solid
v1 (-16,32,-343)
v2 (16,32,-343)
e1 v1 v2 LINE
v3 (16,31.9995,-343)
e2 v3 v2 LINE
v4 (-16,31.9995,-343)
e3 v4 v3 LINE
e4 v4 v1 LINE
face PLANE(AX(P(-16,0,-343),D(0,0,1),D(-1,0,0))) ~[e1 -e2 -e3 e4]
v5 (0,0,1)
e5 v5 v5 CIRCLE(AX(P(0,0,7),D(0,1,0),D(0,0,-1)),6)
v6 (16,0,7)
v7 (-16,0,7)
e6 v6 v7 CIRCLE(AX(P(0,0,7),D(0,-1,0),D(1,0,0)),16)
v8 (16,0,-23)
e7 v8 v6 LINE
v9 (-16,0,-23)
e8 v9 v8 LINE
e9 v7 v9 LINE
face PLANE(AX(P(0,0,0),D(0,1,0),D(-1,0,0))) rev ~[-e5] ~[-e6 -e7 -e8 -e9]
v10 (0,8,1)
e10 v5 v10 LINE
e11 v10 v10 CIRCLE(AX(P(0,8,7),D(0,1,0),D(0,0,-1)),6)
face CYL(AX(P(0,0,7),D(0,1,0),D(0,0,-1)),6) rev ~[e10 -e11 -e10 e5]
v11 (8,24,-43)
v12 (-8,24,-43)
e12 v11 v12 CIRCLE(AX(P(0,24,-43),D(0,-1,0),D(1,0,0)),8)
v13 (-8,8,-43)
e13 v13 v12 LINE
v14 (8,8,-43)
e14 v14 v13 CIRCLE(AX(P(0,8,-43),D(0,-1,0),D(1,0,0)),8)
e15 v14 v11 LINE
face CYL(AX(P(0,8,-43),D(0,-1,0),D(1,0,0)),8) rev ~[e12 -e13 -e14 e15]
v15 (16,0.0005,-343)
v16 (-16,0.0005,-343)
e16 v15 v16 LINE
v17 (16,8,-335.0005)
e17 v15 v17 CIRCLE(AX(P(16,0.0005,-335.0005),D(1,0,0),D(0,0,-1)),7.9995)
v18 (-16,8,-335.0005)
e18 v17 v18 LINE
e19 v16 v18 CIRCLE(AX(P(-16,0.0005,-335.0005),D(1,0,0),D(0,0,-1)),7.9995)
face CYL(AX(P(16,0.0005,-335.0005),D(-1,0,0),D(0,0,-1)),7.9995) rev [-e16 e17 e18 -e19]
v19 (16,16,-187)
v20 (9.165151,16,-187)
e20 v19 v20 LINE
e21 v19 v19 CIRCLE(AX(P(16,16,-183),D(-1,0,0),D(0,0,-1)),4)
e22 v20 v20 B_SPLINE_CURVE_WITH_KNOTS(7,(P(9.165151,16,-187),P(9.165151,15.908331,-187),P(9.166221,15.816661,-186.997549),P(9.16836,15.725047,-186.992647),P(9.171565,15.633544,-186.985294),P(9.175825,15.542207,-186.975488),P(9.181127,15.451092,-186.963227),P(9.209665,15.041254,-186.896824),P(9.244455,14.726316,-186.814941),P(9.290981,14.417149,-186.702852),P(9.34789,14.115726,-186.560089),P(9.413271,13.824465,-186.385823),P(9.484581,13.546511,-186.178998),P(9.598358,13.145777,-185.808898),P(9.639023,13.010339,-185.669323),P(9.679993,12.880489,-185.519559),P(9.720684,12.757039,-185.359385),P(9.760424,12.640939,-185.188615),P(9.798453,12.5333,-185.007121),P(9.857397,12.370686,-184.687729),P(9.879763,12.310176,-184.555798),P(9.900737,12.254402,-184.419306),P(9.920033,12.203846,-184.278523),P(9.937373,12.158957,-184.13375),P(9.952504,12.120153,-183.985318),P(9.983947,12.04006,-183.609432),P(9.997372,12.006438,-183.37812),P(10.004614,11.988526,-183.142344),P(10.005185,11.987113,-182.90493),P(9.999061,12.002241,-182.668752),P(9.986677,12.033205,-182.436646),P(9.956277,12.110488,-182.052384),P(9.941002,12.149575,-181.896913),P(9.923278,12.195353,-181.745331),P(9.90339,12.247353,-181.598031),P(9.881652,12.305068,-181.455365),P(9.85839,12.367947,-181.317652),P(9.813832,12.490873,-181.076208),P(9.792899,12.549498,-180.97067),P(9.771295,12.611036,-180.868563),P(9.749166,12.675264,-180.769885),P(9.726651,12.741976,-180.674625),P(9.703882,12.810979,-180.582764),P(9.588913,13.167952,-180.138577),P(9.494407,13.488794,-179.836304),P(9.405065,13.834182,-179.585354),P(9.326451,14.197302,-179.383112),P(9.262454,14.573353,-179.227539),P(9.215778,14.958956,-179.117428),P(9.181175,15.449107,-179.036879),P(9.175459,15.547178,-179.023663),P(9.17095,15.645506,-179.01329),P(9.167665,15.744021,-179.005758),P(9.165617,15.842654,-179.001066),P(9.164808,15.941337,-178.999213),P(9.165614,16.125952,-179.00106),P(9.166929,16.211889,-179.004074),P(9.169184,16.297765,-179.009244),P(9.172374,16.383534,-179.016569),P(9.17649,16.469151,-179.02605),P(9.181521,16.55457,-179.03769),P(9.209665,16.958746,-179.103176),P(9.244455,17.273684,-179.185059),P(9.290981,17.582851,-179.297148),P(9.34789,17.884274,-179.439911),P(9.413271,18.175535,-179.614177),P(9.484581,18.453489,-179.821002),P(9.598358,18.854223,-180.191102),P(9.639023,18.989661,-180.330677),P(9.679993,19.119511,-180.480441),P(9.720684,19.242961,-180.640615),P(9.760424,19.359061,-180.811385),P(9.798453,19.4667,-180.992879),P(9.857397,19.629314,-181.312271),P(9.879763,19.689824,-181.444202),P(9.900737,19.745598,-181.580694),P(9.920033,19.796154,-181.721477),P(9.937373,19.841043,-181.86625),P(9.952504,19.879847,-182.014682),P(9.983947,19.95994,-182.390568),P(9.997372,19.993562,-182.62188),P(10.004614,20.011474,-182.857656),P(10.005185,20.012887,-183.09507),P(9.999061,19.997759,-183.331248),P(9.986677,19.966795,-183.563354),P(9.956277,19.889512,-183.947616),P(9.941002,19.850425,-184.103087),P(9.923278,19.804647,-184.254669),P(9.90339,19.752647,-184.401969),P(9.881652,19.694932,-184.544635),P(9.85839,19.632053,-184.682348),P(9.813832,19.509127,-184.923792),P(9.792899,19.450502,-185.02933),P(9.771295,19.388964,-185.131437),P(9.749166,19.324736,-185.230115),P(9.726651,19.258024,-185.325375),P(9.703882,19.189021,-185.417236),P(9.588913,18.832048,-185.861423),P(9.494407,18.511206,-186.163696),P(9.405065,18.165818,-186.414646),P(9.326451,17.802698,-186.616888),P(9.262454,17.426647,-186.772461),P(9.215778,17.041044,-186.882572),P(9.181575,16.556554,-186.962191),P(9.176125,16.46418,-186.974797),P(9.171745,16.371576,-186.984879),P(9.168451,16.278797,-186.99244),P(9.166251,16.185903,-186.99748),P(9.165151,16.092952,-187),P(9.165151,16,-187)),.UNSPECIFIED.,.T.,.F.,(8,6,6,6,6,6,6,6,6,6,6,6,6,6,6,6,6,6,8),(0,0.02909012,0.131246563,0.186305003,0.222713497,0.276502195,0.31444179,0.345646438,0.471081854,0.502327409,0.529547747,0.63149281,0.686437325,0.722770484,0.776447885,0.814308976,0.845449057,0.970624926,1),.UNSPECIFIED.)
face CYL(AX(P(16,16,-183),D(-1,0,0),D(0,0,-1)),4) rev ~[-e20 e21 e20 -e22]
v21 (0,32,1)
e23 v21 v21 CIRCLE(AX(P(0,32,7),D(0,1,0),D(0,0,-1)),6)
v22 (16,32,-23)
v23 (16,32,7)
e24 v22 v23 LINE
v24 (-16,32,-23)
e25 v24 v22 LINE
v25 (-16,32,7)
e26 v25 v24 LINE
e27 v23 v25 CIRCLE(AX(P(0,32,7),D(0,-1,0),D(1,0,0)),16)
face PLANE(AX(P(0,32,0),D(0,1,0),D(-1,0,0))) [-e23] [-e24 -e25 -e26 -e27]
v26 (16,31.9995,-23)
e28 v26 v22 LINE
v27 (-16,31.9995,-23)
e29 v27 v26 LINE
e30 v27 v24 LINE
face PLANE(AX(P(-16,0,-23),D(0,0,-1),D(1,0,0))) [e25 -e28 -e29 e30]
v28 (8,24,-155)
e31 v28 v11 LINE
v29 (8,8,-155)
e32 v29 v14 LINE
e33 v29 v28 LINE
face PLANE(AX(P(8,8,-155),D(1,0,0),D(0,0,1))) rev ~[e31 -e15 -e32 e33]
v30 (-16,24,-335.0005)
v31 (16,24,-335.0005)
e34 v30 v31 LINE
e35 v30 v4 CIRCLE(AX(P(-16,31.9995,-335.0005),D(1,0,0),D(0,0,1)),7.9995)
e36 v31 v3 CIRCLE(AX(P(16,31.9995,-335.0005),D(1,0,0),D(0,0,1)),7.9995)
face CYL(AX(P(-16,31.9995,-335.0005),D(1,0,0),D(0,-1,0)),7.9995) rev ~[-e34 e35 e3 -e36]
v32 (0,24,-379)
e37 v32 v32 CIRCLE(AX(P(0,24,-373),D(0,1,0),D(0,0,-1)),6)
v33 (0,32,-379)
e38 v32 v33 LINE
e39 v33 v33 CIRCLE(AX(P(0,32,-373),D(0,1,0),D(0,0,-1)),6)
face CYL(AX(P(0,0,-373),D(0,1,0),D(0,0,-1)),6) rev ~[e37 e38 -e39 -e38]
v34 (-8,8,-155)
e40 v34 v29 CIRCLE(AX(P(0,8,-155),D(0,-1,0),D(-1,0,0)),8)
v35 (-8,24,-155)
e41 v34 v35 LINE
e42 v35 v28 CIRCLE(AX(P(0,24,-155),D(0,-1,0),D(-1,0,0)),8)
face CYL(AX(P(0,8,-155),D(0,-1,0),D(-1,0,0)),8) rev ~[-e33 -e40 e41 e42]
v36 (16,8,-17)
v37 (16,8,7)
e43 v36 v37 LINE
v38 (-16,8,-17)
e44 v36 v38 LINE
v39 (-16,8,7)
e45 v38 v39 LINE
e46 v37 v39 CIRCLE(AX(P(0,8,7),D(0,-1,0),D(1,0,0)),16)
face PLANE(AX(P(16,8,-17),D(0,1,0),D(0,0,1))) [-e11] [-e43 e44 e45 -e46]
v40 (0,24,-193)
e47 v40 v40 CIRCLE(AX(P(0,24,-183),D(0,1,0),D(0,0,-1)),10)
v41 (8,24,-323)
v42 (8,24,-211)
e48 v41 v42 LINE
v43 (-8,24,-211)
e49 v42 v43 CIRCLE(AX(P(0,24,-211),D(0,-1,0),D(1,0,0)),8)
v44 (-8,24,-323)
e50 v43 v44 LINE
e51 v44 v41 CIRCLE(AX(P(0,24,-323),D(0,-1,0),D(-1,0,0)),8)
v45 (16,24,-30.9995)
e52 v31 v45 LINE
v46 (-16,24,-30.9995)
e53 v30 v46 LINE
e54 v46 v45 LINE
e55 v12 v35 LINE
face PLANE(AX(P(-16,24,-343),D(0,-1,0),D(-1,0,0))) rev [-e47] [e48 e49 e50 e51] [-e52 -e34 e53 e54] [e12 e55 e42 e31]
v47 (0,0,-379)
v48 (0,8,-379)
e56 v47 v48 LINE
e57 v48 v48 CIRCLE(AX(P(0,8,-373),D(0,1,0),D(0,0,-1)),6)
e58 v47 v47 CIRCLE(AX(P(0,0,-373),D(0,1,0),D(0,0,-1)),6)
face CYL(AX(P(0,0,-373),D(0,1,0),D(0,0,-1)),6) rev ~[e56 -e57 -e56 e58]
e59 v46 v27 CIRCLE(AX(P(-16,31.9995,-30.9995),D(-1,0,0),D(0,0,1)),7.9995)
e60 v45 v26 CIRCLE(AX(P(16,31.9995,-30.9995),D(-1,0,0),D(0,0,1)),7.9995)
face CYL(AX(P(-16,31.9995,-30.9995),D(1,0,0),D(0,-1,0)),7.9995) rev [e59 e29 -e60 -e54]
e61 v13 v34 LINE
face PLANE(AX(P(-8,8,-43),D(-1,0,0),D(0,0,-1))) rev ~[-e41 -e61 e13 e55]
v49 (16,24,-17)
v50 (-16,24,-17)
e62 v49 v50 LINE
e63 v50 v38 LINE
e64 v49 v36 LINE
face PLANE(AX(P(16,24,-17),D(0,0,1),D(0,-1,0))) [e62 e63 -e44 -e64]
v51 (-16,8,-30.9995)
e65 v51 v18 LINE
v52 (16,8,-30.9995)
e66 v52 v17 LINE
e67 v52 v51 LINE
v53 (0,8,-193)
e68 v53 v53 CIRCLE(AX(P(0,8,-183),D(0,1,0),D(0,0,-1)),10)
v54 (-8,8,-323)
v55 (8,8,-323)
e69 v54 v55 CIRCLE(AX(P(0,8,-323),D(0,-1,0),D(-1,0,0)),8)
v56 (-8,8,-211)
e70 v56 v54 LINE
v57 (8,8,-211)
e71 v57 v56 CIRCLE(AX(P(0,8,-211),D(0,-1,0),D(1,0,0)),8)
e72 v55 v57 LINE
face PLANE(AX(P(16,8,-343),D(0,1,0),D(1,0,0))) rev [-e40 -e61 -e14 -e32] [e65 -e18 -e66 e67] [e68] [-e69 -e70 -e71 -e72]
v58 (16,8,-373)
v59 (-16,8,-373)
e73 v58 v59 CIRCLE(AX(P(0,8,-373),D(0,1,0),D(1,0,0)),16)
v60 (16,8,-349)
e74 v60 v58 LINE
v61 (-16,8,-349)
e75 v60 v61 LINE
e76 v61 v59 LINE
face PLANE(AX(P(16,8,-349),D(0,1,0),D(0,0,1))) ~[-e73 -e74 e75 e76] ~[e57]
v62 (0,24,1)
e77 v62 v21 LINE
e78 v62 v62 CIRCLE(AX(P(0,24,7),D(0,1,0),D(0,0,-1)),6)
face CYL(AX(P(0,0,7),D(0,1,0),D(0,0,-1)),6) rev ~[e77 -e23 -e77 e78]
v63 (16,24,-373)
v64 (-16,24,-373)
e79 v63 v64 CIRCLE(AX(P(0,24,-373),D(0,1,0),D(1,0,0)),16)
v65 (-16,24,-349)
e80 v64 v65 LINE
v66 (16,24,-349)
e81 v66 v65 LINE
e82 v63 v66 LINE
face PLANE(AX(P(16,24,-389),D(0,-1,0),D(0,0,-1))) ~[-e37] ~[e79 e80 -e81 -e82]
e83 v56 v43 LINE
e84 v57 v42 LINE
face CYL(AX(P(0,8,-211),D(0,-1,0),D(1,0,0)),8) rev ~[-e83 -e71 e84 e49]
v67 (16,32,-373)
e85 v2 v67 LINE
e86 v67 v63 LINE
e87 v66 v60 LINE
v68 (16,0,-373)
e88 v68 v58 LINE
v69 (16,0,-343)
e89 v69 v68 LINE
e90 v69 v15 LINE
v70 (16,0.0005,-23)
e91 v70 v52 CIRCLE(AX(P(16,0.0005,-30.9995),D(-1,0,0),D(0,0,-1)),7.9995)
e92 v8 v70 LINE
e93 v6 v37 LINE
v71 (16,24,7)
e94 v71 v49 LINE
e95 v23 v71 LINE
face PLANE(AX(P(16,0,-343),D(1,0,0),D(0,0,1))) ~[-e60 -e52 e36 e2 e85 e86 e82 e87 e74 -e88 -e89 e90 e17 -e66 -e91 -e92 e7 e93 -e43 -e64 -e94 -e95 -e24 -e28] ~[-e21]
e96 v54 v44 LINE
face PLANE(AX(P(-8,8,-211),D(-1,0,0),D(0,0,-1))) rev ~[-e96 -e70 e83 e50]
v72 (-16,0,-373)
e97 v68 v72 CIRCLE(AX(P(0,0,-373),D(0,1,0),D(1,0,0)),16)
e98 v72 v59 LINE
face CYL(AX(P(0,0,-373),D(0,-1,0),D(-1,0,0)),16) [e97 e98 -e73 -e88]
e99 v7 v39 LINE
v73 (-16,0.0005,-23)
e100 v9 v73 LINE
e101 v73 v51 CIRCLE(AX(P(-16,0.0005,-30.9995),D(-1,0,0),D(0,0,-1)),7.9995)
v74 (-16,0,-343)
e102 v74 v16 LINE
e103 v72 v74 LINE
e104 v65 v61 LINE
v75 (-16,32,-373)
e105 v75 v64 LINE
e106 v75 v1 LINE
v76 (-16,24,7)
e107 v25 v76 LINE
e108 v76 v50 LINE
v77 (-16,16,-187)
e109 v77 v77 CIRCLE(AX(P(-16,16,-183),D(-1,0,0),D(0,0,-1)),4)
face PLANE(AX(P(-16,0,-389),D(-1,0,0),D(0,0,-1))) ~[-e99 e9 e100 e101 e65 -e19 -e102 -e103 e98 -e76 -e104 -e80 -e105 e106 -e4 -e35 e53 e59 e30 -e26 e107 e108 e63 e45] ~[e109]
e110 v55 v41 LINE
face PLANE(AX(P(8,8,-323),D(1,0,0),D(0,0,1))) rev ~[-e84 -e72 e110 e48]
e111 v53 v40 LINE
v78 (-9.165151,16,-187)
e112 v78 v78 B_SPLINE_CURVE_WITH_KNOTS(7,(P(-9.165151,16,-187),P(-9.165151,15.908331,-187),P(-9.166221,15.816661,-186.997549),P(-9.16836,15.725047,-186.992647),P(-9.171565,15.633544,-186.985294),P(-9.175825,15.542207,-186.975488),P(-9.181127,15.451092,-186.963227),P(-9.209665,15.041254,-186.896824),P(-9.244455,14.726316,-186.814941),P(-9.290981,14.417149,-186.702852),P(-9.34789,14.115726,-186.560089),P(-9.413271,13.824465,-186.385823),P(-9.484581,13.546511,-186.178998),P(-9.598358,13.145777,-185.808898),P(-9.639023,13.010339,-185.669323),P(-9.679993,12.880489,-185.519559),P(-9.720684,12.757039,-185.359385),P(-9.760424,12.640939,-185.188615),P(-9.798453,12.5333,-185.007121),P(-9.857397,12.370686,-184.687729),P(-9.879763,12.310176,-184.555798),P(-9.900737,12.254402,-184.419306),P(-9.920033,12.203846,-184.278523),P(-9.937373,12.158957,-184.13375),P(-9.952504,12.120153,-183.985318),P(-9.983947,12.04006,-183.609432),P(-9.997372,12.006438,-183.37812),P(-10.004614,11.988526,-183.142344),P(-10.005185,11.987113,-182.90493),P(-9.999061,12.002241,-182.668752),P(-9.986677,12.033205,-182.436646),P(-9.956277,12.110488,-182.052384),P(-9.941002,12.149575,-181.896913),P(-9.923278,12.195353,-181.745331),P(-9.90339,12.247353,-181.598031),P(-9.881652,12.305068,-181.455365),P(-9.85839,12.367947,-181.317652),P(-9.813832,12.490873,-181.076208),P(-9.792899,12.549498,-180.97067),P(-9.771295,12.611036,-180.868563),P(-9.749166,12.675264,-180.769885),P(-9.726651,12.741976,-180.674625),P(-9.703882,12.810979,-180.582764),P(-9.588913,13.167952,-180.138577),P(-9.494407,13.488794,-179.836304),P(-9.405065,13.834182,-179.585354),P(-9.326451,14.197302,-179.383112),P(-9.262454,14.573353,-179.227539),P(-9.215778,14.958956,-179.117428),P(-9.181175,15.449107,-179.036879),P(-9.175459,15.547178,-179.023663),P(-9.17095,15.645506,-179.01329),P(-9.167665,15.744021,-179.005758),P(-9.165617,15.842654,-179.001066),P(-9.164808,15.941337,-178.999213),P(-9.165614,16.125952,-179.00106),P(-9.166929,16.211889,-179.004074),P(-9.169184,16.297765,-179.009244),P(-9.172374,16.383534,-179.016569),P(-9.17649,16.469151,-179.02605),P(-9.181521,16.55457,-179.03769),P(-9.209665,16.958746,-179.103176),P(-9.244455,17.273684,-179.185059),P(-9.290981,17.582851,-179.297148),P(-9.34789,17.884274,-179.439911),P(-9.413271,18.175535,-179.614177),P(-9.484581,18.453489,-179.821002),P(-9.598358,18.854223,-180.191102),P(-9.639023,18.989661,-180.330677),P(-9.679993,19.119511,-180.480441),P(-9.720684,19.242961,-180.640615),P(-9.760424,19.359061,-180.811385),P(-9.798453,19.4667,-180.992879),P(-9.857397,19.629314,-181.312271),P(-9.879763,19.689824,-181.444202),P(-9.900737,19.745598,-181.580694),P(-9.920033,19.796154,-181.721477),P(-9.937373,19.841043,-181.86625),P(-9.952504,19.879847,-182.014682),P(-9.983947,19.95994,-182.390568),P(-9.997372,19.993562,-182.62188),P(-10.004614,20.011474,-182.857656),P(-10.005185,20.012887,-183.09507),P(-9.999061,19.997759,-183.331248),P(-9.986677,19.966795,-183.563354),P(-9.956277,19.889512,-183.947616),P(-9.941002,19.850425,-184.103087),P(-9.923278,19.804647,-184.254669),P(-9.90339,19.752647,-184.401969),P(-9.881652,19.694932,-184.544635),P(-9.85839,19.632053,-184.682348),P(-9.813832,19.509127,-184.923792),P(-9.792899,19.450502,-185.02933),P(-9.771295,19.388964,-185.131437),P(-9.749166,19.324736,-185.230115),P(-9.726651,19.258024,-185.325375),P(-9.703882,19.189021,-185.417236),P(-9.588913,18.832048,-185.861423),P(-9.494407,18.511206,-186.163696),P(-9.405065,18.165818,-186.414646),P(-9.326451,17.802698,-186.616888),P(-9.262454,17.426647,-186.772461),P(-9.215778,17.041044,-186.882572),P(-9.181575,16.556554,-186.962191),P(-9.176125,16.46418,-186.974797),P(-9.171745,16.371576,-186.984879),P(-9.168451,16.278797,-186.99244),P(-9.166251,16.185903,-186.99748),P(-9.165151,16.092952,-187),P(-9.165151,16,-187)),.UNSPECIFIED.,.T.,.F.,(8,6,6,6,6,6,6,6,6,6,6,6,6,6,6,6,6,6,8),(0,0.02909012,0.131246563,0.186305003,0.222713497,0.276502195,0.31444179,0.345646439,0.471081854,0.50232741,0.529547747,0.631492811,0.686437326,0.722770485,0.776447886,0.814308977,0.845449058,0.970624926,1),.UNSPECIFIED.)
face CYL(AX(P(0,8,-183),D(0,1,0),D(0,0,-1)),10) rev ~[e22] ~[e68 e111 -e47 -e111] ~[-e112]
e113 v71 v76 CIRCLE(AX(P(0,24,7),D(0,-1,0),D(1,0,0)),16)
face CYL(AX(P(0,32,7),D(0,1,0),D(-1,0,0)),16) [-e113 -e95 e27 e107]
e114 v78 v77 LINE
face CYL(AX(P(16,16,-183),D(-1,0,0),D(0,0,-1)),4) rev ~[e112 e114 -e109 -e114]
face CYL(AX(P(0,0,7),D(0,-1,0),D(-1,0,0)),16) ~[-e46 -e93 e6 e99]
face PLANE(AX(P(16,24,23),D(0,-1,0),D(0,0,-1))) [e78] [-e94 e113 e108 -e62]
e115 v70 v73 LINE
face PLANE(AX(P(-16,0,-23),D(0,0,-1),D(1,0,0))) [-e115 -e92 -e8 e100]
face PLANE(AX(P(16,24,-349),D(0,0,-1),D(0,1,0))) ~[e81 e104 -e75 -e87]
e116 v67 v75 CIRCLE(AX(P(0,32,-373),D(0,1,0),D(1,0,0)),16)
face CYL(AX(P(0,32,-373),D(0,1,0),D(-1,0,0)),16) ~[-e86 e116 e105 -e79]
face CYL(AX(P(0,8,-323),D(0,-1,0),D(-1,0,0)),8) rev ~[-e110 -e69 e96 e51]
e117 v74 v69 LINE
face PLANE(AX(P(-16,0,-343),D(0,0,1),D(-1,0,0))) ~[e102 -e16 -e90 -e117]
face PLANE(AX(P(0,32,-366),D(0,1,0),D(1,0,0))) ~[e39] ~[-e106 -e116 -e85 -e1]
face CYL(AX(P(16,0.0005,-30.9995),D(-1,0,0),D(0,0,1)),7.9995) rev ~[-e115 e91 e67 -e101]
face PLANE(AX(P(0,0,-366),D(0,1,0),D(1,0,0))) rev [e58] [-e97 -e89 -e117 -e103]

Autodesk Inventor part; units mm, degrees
ref_plane "YZ Plane" through (0, 0, 0) normal (1, 0, 0) x (0, 1, 0)
sketch "Skizze1" plane through (0, 0, 0) normal (0, 1, 0) x (-1, 0, 0)
  line L0 (-16, 23) -> (16, 23)
  line L1 (16, 23) -> (16, -23)
  line L2 (16, -23) -> (-16, -23)
  line L3 (-16, -23) -> (-16, 23)
  line L4 (-16, 23) -> (16, -23) construction
  line L5 (16, 23) -> (-16, -23) construction
  point P0 (0, 0)
  dimension "d0" = 46
  dimension "d1" = 32
extrude "Extrusion1" add sketch "Skizze1" along normal blind 32
sketch "Skizze2" plane through (16, 0, -23) normal (0, 0, -1) x (-1, 0, 0)
  line L0 (0, 0) -> (0, 32) projected
  line L1 (0, 0) -> (32, 0) projected
  line L2 (32, 24) -> (0, 24)
  line L3 (0, 24) -> (0, 8)
  line L4 (0, 8) -> (32, 8)
  line L5 (32, 8) -> (32, 24)
  point P0 (16, 0)
  point P1 (0, 16)
  point P2 (16, 0)
  point P3 (16, 0)
  point P4 (0, 16)
  point P5 (16, 8)
  point P6 (16, 0)
  point P7 (0, 16)
  point P8 (0, 24)
  point P9 (0, 8)
  dimension "d51" = 16
extrude "Extrusion2" add sketch "Skizze2" along normal blind 160
sketch "Skizze4" plane through (16, 0, 23) normal (1, 0, 0) x (0, 0, -1)
  line L0 (0, 24) -> (40, 24)
  line L1 (40, 24) -> (40, 8)
  line L2 (40, 8) -> (0, 8)
  line L3 (0, 8) -> (0, 24)
  line L4 (0, 0) -> (0, 32) projected
  point P0 (23, 0)
  point P1 (0, 16)
  dimension "d14" = 16
  dimension "d15" = 40
extrude "Extrusion4" cut sketch "Skizze4" against normal up to surface (32 mm away)
fillet "Rundung2" radius 8 2 edges at (0, 24, -23) (0, 8, -23)
ref_plane "Arbeitsebene1" through (16, 0, -183) normal (0, 0, -1) x (-1, 0, 0)
mirror "Spiegeln1" about plane through (16, 0, -183) normal (0, 0, -1) of "Extrusion2", "Extrusion1", "Extrusion4"
fillet "Rundung4" radius 8 2 edges at (0, 24, -343) (0, 8, -343)
sketch "Skizze7" plane through (16, 32, 0) normal (1, 0, 0) x (0, -1, 0)
  line L0 (24, 17) -> (24, 17) projected
  line L1 (8, 17) -> (24, 17) projected
  line L2 (8, 31) -> (8, 335) projected
  point P0 (16, 183)
  point P1 (-9.4065, 183)
  point P2 (16, 17)
  point P3 (8, 183)
hole "Bohrung3" at (16, 16, -183) direction (-1, 0, 0) diameter 8 end through all
sketch "Skizze8" plane through (8, 8, -31) normal (0, -1, 0) x (0, 0, -1)
  line L0 (12, -8) -> (124, -8) construction
  line L1 (12, -16) -> (124, -16)
  line L2 (124, 0) -> (12, 0)
  arc A0 (12, 0) -> (12, -16) centre (12, -8) ccw
  arc A1 (124, -16) -> (124, 0) centre (124, -8) ccw
  line L3 (180, -8) -> (292, -8) construction
  line L4 (180, -16) -> (292, -16)
  line L5 (292, 0) -> (180, 0)
  arc A2 (180, 0) -> (180, -16) centre (180, -8) ccw
  arc A3 (292, -16) -> (292, 0) centre (292, -8) ccw
  line L6 (0, -24) -> (0, 8) projected
  line L7 (304, 8) -> (304, -24) projected
  line L8 (0, 8) -> (304, 8) projected
  point P0 (-31, 0)
  point P1 (68, -8)
  point P2 (236, -8)
  point P3 (0, -8)
  point P4 (304, -8)
  point P5 (152, -8)
  point P6 (152, 8)
  point P7 (0, -8)
  dimension "d43" = 112
  dimension "d46" = 112
  dimension "d47" = 16
  dimension "d48" = 16
  dimension "d55" = 28
  dimension "d56" = 28
extrude "Extrusion5" cut sketch "Skizze8" against normal up to surface (16 mm away)
sketch "Skizze9" plane through (0, 0, 0) normal (0, -1, 0) x (1, 0, 0)
  line L0 (-16, 23) -> (16, 23) projected
  arc A0 (8, -43) -> (-8, -43) centre (0, -43) ccw projected
  arc A1 (-8, -323) -> (8, -323) centre (0, -323) ccw projected
  point P0 (0, 0)
  point P1 (0, 7)
  point P2 (0, -373)
  point P3 (0, 23)
  dimension "d64" = 50
  dimension "d65" = 50
hole "Bohrung4" at (0, 0, 7) at (0, 0, -373) direction (0, 1, 0) diameter 12 depth 32
sketch "Skizze10" plane through (-16, 8, -31) normal (0, -1, 0) x (1, 0, 0)
  line L0 (32, 8) -> (0, 8) projected
  line L1 (32, 0) -> (32, -304) projected
  point P0 (16, 31)
  point P1 (16, -152)
  point P2 (16, 8)
  point P3 (32, -152)
hole "Bohrung5" at (0, 8, -183) direction (0, 1, 0) diameter 20 depth 16
sketch "Skizze11" plane through (-16, 0, -389) normal (0, -1, 0) x (1, 0, 0)
  circle A0 centre (16, 16) radius 6 projected
  line L0 (0, 46) -> (0, 0) projected
  line L1 (32, 0) -> (32, 46) projected
  arc A1 (0, 16) -> (32, 16) centre (16, 16) ccw
  line L2 (32, 16) -> (0, 16)
  line L3 (0, 0) -> (32, 0) projected
  arc A2 (8, 66) -> (24, 66) centre (16, 66) ccw projected
  point P0 (16, 389)
  point P1 (16, 0)
  point P2 (16, 0)
  point P3 (16, 0)
  dimension "d73" = 16
  dimension "d74" = 50
extrude "Extrusion6" cut sketch "Skizze11" against normal up to surface (8 mm away) contours L1 L3 A1 | A1 L3 L0
ref_plane "Arbeitsebene2" through (0, 16, 0) normal (0, 1, 0) x (-1, 0, 0)
mirror "Spiegeln2" about plane through (0, 16, 0) normal (0, 1, 0) of "Extrusion6"
mirror "Spiegeln3" about plane through (16, 0, -183) normal (0, 0, -1) of "Extrusion6", "Spiegeln2"
equation "\"d48\" = d47"
equation "\"d56\" = d55"
properties part number "16" material "Kupfer, Legierung"
